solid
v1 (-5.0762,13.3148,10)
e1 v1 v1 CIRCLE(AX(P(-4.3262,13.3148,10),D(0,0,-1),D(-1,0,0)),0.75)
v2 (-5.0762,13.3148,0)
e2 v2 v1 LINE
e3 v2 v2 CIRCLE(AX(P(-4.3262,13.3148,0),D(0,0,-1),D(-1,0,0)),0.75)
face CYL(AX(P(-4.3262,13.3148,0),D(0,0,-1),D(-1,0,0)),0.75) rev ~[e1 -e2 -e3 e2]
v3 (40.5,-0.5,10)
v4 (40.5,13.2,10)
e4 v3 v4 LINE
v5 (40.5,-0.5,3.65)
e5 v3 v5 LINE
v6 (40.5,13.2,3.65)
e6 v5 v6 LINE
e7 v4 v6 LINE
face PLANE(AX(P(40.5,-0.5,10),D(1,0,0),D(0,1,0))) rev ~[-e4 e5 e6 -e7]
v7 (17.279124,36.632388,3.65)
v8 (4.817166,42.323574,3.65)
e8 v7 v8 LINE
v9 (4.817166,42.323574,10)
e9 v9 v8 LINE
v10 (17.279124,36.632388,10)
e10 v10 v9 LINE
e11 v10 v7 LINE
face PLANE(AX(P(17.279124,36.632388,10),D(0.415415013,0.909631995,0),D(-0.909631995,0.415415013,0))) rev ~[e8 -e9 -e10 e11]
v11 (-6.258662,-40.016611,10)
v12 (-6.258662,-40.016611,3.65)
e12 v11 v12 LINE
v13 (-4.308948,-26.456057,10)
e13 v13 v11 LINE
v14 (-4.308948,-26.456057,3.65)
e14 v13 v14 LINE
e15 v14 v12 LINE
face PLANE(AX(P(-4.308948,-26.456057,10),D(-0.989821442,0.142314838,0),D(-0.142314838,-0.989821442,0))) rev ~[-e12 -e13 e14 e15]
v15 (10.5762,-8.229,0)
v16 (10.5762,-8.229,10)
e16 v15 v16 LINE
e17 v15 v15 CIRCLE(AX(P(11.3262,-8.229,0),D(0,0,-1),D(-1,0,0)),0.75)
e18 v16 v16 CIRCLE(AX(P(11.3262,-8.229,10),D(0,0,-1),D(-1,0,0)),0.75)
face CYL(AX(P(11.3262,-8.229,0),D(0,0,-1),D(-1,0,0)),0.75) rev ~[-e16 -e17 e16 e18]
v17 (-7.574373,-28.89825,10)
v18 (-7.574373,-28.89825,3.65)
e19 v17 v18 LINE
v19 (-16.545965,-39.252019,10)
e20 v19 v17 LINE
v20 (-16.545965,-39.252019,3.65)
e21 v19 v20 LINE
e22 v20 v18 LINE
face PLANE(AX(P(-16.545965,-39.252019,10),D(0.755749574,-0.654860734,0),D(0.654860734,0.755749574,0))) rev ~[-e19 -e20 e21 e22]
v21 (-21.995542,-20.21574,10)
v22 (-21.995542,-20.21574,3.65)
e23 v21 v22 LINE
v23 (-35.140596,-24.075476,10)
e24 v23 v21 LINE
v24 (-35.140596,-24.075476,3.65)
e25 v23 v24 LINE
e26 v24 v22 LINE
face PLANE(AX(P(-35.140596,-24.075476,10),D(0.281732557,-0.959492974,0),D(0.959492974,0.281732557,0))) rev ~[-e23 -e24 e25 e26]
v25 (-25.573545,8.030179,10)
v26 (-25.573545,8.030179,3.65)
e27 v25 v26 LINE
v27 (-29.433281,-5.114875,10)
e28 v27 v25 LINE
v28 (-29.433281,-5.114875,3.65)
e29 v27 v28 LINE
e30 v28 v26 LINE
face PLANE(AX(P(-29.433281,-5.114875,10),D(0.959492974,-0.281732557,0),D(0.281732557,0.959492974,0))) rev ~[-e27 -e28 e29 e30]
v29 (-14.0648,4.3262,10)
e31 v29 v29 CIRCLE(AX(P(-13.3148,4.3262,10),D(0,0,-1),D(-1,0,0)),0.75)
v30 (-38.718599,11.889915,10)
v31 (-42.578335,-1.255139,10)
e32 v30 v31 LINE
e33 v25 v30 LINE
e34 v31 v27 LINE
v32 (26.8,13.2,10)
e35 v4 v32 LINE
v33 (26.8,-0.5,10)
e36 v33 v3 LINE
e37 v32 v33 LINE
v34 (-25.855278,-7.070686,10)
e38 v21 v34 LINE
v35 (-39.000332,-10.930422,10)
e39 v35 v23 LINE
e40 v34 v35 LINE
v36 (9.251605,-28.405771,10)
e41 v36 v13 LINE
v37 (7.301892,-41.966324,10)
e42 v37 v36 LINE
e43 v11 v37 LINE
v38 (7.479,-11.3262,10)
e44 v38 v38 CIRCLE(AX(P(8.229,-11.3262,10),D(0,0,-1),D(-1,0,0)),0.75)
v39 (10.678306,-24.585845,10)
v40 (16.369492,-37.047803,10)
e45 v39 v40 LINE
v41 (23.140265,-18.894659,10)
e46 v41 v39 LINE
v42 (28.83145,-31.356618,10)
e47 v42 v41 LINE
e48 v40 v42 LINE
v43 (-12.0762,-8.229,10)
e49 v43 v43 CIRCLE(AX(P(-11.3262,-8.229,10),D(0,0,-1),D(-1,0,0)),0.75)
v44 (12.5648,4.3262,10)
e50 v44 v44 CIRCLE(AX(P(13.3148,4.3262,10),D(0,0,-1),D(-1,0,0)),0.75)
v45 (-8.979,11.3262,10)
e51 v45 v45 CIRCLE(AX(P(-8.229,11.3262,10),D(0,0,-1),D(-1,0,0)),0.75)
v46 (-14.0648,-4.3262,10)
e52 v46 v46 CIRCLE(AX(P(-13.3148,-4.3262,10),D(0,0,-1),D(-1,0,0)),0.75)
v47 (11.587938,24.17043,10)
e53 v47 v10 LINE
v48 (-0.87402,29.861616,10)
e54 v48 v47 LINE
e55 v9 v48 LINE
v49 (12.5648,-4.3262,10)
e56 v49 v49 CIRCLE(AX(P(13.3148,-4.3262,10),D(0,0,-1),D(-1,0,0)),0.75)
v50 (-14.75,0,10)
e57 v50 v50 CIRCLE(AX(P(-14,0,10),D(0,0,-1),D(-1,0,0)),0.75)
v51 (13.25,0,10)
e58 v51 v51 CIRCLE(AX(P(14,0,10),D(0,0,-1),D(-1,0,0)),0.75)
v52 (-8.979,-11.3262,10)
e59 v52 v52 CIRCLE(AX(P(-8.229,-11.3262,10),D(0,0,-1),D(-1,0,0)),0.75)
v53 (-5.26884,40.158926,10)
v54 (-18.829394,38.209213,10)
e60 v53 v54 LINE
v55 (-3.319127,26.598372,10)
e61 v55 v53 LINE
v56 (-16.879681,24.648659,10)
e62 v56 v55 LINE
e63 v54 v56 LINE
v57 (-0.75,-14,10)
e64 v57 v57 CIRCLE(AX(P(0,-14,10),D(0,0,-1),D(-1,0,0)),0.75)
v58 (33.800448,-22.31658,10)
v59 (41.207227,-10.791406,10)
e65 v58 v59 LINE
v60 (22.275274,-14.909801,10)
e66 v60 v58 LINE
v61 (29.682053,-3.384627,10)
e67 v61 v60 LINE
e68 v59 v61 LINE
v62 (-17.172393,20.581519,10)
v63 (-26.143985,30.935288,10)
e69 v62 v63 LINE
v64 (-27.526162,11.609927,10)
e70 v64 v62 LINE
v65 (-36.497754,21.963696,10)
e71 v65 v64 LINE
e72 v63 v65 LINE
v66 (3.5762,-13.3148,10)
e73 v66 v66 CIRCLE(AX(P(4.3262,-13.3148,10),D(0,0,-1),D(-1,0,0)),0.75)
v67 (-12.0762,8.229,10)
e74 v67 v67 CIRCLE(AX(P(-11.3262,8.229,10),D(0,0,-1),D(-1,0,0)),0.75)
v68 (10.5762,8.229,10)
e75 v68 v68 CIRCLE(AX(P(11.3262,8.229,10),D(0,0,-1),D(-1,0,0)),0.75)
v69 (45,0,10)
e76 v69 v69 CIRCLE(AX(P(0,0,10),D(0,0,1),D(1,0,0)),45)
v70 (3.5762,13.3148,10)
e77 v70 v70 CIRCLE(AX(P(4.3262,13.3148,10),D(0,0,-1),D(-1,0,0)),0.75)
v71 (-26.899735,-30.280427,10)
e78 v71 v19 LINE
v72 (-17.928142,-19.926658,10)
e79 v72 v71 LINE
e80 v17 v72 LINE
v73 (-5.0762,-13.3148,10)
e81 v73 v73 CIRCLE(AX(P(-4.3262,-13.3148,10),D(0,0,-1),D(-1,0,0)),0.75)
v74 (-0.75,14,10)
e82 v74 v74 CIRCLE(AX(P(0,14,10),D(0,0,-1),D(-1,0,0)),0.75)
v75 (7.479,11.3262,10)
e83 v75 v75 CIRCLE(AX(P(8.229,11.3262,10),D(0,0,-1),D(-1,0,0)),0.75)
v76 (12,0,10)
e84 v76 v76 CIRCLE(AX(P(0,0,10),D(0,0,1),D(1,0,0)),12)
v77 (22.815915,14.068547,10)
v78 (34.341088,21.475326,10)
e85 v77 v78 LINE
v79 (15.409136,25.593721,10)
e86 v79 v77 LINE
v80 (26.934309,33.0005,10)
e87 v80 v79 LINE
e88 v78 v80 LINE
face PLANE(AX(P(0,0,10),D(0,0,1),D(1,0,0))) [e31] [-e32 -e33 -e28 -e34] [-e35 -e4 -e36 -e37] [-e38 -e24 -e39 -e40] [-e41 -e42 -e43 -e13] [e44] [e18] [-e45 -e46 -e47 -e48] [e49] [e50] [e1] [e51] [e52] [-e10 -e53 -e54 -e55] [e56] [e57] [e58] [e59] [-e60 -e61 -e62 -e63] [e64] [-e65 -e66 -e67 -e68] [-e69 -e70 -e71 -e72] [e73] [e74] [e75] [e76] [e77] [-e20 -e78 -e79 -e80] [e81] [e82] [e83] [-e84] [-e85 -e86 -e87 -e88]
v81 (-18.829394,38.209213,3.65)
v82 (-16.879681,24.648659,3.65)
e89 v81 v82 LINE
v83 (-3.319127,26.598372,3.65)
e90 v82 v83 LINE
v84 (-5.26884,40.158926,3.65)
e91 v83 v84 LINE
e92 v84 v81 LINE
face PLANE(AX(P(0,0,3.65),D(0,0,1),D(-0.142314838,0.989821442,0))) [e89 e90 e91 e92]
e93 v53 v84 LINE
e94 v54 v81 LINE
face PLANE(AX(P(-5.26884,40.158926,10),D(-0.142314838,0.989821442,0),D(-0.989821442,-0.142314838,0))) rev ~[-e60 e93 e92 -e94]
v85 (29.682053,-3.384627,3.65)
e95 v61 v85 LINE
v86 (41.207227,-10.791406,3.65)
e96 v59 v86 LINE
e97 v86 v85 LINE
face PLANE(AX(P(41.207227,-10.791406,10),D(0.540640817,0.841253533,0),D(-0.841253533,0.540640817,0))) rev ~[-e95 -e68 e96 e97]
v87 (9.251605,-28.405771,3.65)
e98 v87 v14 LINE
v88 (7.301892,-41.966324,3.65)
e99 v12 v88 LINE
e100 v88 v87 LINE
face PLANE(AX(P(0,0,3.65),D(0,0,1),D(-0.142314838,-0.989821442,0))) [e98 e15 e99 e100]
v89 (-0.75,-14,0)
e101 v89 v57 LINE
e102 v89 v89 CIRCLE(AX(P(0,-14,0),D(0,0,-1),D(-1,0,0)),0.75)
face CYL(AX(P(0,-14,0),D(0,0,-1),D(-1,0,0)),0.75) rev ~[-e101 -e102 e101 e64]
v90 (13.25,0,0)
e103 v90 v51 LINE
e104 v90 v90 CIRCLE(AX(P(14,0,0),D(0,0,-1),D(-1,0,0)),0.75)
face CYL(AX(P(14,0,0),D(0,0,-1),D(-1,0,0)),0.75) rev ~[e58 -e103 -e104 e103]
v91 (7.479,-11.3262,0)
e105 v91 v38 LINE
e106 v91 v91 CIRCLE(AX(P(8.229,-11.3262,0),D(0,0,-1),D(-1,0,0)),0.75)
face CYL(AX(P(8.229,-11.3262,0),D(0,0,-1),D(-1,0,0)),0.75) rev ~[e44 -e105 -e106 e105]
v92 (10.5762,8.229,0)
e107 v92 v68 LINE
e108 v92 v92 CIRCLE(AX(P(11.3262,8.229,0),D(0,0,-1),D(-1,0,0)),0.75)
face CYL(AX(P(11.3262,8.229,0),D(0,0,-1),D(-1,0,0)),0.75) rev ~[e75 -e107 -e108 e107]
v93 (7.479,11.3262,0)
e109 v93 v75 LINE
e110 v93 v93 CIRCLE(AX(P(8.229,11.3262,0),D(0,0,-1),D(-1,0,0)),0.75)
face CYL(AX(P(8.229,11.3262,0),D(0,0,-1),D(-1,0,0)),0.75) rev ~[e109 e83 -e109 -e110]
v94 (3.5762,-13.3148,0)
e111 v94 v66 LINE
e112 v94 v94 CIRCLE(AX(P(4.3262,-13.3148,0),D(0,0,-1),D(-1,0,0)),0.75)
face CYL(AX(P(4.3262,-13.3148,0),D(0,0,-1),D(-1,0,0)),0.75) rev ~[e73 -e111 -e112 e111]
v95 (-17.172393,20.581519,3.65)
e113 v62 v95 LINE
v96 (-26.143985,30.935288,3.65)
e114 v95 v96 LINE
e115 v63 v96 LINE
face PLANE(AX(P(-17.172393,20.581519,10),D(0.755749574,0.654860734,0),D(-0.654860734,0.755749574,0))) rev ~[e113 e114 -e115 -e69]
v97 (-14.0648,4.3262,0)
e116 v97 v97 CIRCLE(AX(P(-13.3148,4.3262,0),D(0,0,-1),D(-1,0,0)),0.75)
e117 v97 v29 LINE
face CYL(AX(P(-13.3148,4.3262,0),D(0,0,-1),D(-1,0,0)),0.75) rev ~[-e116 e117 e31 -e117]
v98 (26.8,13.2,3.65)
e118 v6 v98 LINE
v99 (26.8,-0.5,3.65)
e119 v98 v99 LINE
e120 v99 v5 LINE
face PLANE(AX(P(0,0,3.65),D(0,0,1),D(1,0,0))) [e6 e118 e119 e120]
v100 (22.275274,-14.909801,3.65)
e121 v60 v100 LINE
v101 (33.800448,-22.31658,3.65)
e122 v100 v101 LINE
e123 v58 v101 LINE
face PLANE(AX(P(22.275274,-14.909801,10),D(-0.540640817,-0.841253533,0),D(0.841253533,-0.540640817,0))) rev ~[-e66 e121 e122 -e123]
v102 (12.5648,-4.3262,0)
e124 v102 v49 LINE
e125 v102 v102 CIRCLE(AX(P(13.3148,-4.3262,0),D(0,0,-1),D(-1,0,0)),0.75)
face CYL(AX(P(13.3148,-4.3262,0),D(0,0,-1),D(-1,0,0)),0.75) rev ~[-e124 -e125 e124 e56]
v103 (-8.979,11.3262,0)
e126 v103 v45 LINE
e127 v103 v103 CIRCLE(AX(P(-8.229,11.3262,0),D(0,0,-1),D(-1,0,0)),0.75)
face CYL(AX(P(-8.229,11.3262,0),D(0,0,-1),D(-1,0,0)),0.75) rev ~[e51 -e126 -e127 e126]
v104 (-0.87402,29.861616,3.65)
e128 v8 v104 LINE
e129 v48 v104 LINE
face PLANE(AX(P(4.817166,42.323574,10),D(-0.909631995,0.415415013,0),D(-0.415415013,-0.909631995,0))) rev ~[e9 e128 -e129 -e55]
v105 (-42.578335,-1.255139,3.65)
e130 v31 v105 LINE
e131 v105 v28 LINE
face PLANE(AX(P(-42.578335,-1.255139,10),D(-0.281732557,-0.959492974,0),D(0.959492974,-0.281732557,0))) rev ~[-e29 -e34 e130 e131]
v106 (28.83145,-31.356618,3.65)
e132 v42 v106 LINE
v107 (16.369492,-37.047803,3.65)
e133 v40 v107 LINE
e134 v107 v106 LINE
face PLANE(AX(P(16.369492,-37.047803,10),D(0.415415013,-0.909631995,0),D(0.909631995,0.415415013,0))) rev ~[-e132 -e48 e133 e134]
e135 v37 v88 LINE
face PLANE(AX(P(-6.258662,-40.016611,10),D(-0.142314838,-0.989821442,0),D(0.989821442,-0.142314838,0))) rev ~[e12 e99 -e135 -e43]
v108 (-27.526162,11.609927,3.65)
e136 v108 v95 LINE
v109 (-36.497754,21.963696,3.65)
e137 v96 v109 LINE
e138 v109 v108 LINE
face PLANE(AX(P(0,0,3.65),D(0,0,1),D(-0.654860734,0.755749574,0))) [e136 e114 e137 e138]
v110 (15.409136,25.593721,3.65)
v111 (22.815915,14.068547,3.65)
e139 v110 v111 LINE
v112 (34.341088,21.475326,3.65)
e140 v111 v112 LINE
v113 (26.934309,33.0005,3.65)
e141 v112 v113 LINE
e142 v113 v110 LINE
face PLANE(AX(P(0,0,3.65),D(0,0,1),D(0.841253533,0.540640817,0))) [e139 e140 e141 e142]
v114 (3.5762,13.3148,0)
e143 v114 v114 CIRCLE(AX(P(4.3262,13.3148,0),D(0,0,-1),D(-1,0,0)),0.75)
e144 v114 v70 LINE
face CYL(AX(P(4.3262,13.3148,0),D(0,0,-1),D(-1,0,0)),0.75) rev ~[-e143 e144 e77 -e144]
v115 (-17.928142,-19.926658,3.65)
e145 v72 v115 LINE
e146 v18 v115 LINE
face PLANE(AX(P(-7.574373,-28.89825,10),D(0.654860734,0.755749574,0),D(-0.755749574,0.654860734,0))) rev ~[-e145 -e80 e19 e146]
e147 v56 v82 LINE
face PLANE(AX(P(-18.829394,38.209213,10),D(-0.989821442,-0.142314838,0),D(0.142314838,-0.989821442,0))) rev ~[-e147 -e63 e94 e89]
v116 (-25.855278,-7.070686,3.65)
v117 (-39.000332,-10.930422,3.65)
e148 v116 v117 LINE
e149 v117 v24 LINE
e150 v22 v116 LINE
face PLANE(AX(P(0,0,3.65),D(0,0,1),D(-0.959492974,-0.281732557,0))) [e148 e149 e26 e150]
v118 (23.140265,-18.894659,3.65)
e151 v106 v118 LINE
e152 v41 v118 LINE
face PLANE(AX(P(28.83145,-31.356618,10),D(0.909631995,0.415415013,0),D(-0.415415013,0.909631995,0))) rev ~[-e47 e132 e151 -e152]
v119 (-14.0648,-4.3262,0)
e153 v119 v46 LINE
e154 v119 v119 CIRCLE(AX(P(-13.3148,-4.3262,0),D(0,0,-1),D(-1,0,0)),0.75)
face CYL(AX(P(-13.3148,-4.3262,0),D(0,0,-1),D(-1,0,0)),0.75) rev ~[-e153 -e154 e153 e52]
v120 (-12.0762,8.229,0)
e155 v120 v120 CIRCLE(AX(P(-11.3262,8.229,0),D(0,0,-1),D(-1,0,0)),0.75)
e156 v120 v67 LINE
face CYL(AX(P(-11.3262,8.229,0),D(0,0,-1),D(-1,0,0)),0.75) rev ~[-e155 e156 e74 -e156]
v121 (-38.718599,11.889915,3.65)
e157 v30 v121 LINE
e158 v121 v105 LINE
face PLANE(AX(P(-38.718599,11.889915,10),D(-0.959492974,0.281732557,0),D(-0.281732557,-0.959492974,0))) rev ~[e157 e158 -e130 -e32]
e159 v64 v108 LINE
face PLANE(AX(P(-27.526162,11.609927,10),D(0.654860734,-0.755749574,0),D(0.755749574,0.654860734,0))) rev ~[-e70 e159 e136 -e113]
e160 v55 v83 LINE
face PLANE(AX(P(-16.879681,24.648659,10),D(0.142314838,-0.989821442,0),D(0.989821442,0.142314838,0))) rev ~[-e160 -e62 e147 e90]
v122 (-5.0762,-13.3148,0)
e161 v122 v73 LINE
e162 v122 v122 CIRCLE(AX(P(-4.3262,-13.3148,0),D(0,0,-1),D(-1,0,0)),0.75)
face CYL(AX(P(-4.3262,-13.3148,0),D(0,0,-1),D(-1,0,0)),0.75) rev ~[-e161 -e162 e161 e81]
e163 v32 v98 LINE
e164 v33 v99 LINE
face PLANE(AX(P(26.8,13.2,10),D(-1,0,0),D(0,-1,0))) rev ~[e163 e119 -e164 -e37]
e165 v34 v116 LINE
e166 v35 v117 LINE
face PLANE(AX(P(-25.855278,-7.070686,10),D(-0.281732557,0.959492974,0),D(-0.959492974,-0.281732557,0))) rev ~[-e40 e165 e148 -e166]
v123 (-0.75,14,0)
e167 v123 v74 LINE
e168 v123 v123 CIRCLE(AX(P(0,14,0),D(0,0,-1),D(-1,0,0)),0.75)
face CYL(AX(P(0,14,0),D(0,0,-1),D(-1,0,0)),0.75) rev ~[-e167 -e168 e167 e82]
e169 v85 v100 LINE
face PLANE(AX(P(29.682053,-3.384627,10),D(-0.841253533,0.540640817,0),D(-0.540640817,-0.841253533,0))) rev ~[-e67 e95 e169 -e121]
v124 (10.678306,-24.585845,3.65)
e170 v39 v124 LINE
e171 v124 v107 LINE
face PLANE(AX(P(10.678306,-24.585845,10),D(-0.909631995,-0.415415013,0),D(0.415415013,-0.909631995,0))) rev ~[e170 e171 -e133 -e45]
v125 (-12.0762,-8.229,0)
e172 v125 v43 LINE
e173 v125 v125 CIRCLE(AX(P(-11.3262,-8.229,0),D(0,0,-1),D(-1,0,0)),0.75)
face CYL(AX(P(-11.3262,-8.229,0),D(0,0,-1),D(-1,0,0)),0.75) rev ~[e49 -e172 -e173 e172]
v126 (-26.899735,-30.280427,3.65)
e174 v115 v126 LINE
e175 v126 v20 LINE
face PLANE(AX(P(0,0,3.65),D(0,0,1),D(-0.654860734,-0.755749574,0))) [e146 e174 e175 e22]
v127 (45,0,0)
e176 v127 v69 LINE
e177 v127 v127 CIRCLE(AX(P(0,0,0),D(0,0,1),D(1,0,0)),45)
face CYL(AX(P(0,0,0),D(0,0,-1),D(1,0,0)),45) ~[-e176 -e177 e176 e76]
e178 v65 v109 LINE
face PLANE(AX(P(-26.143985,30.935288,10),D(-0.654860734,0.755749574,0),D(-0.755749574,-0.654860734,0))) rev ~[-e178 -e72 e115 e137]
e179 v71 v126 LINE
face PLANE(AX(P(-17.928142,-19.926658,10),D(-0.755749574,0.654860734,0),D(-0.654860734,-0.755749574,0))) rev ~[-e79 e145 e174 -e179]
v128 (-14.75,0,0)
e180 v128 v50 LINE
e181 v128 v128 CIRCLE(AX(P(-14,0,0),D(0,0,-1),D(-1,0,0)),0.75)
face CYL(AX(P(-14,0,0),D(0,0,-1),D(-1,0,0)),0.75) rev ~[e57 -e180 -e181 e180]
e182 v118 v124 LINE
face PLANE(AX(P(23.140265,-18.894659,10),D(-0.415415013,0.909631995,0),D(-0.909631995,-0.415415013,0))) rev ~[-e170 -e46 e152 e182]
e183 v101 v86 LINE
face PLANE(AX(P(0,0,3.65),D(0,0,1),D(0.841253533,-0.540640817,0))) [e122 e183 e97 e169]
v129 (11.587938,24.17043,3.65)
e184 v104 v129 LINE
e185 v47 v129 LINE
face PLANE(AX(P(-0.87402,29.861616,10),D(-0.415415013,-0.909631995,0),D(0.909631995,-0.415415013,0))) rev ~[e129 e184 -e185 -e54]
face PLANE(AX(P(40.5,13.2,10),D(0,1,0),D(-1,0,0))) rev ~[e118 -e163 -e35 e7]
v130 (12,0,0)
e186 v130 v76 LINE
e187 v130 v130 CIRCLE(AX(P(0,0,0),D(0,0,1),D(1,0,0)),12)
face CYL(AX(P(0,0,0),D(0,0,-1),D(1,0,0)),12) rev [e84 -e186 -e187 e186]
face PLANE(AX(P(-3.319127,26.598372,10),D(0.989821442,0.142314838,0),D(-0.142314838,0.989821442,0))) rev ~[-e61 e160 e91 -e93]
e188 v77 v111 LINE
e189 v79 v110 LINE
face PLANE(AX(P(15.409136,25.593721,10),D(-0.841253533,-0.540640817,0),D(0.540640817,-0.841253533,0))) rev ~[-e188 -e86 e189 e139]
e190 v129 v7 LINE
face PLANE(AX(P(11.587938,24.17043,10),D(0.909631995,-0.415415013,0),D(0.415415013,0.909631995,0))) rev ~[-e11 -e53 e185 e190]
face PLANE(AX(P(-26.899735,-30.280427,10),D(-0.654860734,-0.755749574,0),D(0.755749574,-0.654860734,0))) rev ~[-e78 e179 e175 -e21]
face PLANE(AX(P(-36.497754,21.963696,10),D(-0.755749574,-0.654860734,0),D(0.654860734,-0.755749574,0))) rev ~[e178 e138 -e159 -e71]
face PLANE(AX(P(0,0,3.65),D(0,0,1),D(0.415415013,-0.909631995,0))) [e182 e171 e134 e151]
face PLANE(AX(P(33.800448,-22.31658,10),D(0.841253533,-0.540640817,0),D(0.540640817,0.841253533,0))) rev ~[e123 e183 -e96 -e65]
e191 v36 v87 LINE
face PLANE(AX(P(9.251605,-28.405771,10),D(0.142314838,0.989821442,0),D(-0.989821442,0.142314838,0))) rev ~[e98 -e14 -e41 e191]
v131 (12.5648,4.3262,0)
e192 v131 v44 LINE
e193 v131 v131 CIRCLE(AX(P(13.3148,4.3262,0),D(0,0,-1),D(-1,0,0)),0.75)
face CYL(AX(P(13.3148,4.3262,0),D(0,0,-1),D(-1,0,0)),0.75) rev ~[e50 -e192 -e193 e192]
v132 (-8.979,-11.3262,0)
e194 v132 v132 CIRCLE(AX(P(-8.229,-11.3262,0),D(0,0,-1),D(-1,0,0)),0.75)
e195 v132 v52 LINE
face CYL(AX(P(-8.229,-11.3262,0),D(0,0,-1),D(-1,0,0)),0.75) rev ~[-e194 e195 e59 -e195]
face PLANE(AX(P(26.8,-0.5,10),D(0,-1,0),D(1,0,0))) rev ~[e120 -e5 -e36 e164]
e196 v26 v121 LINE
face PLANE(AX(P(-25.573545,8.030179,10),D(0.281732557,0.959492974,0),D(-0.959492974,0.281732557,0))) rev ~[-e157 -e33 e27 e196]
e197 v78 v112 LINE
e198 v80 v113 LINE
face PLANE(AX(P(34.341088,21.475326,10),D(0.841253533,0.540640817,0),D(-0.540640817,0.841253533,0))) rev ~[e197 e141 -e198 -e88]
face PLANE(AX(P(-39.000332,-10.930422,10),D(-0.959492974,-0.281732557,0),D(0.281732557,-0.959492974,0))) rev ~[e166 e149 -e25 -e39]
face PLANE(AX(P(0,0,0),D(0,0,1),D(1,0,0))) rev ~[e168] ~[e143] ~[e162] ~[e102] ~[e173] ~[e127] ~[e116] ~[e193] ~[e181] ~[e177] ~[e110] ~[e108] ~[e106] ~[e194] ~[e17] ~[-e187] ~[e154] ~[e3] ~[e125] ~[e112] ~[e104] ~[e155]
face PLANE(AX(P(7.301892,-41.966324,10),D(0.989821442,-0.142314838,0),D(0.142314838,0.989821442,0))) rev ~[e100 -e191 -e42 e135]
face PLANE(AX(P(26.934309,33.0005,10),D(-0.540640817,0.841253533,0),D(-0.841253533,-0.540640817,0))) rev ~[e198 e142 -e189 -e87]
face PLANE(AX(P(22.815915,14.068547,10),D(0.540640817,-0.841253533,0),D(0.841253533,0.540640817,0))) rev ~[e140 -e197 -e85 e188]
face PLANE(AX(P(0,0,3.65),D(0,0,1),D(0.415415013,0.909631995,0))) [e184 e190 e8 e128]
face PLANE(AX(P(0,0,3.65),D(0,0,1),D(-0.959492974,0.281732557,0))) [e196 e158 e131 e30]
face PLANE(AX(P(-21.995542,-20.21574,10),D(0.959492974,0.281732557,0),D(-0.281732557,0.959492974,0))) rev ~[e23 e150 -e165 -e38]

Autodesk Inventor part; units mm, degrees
ref_plane "YZ Plane" through (0, 0, 0) normal (1, 0, 0) x (0, 1, 0)
ref_plane "XZ Plane" through (0, 0, 0) normal (0, 1, 0) x (-1, 0, 0)
ref_plane "XY Plane" through (0, 0, 0) normal (0, 0, 1) x (1, 0, 0)
sketch "Sketch1" plane through (0, 0, 0) normal (0, 0, 1) x (1, 0, 0)
  circle A0 centre (0, 0) radius 45
  circle A1 centre (0, 0) radius 12
  dimension "d0" = 90
  dimension "d1" = 24
extrude "Extrusion1" add sketch "Sketch1" along normal blind 10
sketch "Sketch2" plane through (0, 0, 10) normal (0, 0, 1) x (1, 0, 0)
  line L0 (27.3, 12.7) -> (40, 12.7)
  line L1 (40, 12.7) -> (40, 0)
  line L2 (40, 0) -> (27.3, 0)
  line L3 (27.3, 0) -> (27.3, 12.7)
  line L4 (40.5, 13.2) -> (26.8, 13.2)
  line L5 (26.8, 13.2) -> (26.8, -0.5)
  line L6 (26.8, -0.5) -> (40.5, -0.5)
  line L7 (40.5, -0.5) -> (40.5, 13.2)
  point P0 (0, 0)
  dimension "d4" = 12.7
  dimension "d5" = 12.7
  dimension "d6" = 40
  dimension "d7" = 0.5
extrude "Extrusion2" cut sketch "Sketch2" against normal blind 6.35 contours L0 L1 L2 L3 | L7 L6 L5 L4
pattern_circular "Circular Pattern1" count 11 over 360 about axis through (0, 0, 0) along (0, 0, 1) of "Extrusion2"
sketch "Sketch3" plane through (0, 0, 10) normal (0, 0, 1) x (1, 0, 0)
  circle A0 centre (20, 0) radius 1.75
  circle A1 centre (14.1421, 14.1421) radius 1.75
  circle A2 centre (0, 20) radius 1.75
  circle A3 centre (-14.1421, 14.1421) radius 1.75
  circle A4 centre (-20, 0) radius 1.75
  circle A5 centre (-14.1421, -14.1421) radius 1.75
  circle A6 centre (0, -20) radius 1.75
  circle A7 centre (14.1421, -14.1421) radius 1.75
  point P0 (0, 0)
  dimension "d13" = 3.5
  dimension "d14" = 20
  dimension "d17" = 360
extrude "Extrusion3" [suppressed]
sketch "Sketch6" plane through (0, 0, 0) normal (0, 0, -1) x (-1, 0, 0)
  circle A0 centre (0, 14) radius 0.75
  circle A1 centre (-4.3262, 13.3148) radius 0.75
  circle A2 centre (-8.229, 11.3262) radius 0.75
  circle A3 centre (-11.3262, 8.229) radius 0.75
  circle A4 centre (-13.3148, 4.3262) radius 0.75
  circle A5 centre (-14, 0) radius 0.75
  circle A6 centre (-13.3148, -4.3262) radius 0.75
  circle A7 centre (-11.3262, -8.229) radius 0.75
  circle A8 centre (-8.229, -11.3262) radius 0.75
  circle A9 centre (-4.3262, -13.3148) radius 0.75
  circle A10 centre (0, -14) radius 0.75
  circle A11 centre (4.3262, -13.3148) radius 0.75
  circle A12 centre (8.229, -11.3262) radius 0.75
  circle A13 centre (11.3262, -8.229) radius 0.75
  circle A14 centre (13.3148, -4.3262) radius 0.75
  circle A15 centre (14, 0) radius 0.75
  circle A16 centre (13.3148, 4.3262) radius 0.75
  circle A17 centre (11.3262, 8.229) radius 0.75
  circle A18 centre (8.229, 11.3262) radius 0.75
  circle A19 centre (4.3262, 13.3148) radius 0.75
  point P0 (0, 0)
  dimension "d24" = 1.5
  dimension "d25" = 14
  dimension "d28" = 360
extrude "Extrusion5" cut sketch "Sketch6" against normal through all
properties part number "SG01" material "ABS Plastic"
